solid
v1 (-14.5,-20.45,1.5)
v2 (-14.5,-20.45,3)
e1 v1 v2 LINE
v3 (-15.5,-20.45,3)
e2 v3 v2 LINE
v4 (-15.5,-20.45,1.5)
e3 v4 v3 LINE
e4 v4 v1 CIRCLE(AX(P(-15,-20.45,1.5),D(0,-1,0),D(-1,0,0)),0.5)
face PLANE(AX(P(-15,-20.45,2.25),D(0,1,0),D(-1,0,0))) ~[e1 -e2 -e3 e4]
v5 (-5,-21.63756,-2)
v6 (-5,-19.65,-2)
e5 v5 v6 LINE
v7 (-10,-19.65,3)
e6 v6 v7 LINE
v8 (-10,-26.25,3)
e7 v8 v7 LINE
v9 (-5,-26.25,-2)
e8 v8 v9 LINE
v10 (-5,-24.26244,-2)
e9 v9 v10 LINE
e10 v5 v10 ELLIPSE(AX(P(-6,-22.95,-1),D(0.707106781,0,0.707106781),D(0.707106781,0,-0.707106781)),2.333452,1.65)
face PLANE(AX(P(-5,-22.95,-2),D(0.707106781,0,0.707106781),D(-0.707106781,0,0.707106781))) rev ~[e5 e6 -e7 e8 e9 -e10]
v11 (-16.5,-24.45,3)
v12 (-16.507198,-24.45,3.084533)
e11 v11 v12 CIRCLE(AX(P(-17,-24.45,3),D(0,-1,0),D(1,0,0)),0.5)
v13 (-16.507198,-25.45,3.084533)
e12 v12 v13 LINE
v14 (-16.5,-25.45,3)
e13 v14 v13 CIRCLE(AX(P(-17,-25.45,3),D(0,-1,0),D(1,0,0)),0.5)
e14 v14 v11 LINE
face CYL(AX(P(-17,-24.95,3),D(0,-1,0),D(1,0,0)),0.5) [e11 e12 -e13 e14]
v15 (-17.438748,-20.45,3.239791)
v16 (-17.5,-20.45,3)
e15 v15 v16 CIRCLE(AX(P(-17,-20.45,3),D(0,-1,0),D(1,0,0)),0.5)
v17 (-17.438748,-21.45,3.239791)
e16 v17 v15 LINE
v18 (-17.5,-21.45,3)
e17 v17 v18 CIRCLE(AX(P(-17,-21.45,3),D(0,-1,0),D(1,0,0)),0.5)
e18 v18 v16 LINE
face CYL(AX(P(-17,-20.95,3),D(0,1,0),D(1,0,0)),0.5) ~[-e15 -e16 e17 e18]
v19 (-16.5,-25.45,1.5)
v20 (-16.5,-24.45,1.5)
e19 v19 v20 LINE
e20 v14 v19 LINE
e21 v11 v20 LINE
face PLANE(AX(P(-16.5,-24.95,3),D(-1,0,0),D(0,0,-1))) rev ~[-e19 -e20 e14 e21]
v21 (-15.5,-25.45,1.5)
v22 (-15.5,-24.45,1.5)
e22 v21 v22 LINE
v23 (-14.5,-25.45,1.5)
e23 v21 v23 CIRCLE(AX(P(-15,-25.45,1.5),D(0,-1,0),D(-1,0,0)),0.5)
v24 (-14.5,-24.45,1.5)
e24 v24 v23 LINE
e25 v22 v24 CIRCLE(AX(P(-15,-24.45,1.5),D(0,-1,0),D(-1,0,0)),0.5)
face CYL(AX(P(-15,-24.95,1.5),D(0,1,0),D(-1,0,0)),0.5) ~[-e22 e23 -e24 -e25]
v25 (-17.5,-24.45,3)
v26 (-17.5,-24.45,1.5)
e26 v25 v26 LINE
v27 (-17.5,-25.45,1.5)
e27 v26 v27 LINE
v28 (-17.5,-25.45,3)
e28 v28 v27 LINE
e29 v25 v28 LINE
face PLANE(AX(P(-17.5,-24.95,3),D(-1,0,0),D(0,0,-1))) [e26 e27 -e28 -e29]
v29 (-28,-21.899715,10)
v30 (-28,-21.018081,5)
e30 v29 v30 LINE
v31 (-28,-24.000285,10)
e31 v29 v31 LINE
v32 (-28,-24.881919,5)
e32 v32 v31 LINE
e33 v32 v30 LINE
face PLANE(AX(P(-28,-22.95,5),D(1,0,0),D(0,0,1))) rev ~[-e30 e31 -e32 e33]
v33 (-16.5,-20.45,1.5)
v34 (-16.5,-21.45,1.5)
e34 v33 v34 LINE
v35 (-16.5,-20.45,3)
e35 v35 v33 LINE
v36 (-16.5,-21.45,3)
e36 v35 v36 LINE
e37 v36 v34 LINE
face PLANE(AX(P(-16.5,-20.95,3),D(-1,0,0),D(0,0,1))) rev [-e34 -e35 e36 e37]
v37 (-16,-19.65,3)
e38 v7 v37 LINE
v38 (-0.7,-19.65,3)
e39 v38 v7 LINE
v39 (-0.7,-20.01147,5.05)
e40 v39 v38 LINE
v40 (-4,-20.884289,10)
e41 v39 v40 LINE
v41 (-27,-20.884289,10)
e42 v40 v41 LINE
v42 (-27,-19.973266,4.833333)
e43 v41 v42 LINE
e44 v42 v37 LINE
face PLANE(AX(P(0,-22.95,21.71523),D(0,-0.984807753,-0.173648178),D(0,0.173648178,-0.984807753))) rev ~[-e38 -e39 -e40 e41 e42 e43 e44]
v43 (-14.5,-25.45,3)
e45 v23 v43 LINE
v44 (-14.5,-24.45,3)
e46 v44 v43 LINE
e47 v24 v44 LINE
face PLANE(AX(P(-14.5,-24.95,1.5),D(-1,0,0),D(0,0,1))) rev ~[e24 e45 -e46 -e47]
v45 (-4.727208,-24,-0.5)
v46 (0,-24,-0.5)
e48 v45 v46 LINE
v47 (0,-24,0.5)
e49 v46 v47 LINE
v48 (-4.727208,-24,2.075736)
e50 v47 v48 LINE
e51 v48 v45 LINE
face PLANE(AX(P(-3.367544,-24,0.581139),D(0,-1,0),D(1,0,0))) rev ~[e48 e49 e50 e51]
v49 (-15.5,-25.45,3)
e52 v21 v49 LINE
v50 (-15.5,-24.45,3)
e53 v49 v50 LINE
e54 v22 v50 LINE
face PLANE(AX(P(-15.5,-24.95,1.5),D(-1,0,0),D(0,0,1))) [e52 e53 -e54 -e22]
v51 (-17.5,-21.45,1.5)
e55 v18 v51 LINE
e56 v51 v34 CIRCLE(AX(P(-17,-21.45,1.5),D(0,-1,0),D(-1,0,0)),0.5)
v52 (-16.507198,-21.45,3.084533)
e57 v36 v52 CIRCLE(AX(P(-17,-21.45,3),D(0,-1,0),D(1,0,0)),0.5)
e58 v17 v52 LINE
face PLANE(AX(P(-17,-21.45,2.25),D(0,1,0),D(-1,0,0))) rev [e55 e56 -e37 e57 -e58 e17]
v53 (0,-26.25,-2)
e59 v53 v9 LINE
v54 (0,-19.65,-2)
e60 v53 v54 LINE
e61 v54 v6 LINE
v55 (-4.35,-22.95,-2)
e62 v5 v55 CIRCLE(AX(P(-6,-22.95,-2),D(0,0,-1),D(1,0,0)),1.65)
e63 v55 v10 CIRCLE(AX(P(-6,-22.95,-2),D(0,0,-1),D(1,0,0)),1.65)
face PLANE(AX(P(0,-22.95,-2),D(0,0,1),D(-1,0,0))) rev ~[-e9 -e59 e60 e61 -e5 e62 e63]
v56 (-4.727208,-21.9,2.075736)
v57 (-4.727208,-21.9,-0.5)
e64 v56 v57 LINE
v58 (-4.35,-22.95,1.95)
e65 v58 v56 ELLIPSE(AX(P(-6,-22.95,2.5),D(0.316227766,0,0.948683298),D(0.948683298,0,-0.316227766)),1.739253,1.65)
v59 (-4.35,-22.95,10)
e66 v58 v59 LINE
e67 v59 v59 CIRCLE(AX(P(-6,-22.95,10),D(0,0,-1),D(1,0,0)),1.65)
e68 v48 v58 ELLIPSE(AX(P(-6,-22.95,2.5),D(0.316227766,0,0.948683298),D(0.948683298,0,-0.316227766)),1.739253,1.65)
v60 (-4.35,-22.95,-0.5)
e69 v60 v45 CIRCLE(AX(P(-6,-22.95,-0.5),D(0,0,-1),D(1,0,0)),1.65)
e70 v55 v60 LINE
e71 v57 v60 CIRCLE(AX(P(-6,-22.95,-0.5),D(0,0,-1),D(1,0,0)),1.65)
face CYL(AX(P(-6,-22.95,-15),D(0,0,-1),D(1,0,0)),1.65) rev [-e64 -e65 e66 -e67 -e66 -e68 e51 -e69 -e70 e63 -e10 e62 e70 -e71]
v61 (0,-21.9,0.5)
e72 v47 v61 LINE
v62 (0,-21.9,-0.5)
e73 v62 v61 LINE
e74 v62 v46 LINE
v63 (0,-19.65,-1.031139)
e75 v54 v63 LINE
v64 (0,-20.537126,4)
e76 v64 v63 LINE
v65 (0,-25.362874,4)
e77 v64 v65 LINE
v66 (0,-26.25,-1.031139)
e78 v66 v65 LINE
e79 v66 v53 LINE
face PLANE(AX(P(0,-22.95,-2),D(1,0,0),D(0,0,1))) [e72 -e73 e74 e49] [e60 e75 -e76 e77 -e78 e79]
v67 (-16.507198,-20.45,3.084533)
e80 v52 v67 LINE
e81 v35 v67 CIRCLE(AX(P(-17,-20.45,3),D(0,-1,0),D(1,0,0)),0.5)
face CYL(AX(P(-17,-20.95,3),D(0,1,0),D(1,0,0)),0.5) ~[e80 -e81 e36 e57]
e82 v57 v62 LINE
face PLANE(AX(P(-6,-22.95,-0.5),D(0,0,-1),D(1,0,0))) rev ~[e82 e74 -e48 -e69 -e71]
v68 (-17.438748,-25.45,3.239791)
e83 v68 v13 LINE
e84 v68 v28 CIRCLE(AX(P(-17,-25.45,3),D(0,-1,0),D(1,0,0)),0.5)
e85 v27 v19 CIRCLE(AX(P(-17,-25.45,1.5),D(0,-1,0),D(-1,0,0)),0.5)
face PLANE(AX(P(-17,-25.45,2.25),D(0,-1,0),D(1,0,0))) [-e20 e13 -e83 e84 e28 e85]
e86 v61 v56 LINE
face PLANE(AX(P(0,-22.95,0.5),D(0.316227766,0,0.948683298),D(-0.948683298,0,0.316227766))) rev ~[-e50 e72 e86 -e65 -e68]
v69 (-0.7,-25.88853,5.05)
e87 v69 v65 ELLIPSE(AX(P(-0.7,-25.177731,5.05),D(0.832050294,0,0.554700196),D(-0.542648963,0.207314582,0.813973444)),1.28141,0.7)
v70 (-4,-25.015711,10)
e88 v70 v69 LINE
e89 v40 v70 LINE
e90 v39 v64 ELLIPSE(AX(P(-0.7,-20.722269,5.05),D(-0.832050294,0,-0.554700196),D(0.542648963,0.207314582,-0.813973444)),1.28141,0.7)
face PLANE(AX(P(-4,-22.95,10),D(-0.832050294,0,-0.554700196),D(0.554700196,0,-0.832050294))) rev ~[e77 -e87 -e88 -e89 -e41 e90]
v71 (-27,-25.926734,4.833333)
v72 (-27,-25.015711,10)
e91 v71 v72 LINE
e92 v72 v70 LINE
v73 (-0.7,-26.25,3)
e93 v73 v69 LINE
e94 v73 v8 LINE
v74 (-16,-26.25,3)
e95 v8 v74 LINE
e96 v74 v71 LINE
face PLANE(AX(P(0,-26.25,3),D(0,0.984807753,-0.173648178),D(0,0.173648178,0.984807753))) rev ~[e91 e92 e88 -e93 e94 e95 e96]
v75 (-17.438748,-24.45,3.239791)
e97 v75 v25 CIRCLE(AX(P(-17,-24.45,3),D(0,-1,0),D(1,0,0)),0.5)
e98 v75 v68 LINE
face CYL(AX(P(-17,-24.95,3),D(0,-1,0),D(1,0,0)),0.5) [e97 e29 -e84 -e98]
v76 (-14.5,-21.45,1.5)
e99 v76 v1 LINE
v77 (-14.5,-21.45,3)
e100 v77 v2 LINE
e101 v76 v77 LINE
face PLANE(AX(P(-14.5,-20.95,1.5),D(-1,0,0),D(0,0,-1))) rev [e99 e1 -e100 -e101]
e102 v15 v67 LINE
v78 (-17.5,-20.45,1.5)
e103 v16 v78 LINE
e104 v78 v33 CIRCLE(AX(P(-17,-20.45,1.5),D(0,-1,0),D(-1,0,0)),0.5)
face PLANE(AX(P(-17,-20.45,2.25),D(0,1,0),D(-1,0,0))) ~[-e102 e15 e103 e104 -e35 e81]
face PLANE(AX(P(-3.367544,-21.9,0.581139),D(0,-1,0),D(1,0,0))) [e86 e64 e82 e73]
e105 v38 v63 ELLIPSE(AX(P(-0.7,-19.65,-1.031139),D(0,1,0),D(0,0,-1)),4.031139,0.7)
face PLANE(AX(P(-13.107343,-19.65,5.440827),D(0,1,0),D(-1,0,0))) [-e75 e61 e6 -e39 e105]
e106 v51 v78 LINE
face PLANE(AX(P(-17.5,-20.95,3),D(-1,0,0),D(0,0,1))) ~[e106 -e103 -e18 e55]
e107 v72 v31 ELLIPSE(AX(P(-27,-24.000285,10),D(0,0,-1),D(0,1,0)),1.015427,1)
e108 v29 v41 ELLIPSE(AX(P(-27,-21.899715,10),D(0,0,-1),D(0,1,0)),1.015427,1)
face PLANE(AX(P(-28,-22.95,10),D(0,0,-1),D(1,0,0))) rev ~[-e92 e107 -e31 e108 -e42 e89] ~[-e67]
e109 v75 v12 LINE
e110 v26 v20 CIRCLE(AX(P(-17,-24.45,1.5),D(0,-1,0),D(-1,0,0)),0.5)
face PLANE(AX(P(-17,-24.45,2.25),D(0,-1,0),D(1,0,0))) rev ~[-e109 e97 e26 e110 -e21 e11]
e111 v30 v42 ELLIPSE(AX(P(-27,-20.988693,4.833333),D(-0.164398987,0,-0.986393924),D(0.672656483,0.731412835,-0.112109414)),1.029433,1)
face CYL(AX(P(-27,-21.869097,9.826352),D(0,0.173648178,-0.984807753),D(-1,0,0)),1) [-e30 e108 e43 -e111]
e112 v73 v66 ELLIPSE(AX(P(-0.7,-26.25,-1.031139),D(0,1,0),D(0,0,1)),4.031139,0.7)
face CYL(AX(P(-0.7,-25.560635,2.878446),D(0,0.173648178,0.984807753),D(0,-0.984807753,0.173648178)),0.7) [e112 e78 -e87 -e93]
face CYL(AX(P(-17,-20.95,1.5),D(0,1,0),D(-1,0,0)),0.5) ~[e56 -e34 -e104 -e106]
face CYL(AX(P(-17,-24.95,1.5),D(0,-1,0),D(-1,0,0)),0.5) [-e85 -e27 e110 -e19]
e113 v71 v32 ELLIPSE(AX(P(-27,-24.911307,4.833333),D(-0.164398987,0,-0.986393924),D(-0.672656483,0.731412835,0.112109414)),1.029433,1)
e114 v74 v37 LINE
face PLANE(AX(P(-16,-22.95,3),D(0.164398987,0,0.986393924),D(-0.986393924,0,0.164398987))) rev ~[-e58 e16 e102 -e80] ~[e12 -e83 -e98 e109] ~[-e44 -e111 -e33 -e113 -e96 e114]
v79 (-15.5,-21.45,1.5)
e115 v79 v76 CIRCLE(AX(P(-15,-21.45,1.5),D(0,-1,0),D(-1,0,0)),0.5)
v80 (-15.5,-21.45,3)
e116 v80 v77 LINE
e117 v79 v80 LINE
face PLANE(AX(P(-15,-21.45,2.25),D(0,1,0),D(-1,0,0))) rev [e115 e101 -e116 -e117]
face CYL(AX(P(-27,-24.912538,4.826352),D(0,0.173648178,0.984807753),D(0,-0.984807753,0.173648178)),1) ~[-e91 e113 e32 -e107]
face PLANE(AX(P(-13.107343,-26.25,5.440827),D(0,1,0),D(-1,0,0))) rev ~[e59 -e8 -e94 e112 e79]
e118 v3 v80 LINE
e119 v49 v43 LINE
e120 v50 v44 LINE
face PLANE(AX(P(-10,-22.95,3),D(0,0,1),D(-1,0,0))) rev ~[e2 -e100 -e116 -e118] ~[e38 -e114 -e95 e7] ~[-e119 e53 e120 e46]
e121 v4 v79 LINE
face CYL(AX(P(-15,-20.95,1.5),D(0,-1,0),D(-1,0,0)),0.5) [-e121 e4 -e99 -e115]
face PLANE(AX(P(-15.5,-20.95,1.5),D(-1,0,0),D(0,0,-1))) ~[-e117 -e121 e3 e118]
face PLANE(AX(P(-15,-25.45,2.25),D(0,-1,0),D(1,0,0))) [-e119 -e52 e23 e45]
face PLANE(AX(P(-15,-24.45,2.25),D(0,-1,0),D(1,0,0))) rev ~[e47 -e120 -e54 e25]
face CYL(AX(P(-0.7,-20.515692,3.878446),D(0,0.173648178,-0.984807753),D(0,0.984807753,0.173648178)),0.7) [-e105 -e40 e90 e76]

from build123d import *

# Parameters (mm, degrees)
CYLINDER_R      = 1.65
CYLINDER_DEPTH  = 30
PAD005_DEPTH    = 1.05
PAD001_DEPTH    = 3.3
POCKET004_DEPTH = 28.001
PAD002_DEPTH    = 0.5
FILLET_R        = 0.7
FILLET002_R     = 1


with BuildPart() as black_led_base:
    # Cylinder → Cylinder (join)
    with BuildSketch(Plane(origin=(-6, 0, -15), x_dir=(1, 0, 0), z_dir=(0, 0, 1))):
        Circle(CYLINDER_R)
    extrude(amount=CYLINDER_DEPTH)


with BuildPart() as black_iface_base:
    # Sketch016 → Pad005 (new body, symmetric)
    with BuildSketch(Plane.XZ):
        Polygon((-6, 2.5), (-6, -0.5), (0, -0.5), (0, 0.5), align=None)
    extrude(amount=PAD005_DEPTH, both=True)


with BuildPart() as black_g:
    # Sketch005 → Pad001 (new body, symmetric)
    with BuildSketch(Plane.XZ):
        Polygon((0, 0), (0, -2), (-5, -2), (-10, 3), (-16, 3), (-28, 5), (-28, 10), (-4, 10), (0, 4), align=None)
    extrude(amount=PAD001_DEPTH, both=True)

    # Sketch006 → Pocket004 (cut, through all)
    with BuildSketch(Plane.YZ):
        Polygon((-3.3, 0), (-3.3, 3), (0, 21.71523), (3.3, 3), (3.3, 0), (13, 0), (13, 26), (-13, 26), (-13, 0), align=None)
    extrude(amount=-POCKET004_DEPTH, mode=Mode.SUBTRACT)

    # Sketch008 → Pad002 (join, symmetric)
    with BuildSketch(Plane.XZ.offset(2)):
        with BuildLine():
            ThreePointArc((-15.5, 1.5), (-15, 1), (-14.5, 1.5))
            Line((-14.5, 1.5), (-14.5, 3))
            ThreePointArc((-14.5, 3), (-15, 3.5), (-15.5, 3))
            Line((-15.5, 1.5), (-15.5, 3))
        make_face()
        with BuildLine():
            ThreePointArc((-16.5, 3), (-17, 3.5), (-17.5, 3))
            Line((-17.5, 3), (-17.5, 1.5))
            ThreePointArc((-17.5, 1.5), (-17, 1), (-16.5, 1.5))
            Line((-16.5, 3), (-16.5, 1.5))
        make_face()
    pad002 = extrude(amount=PAD002_DEPTH, both=True)

    # Mirrored001: Pad002 across XZ
    add(pad002.mirror(Plane.XZ))

    # Fillet
    fillet_edges = [black_g.edges().sort_by_distance(p)[0] for p in [
        (0, -3.211837, 3.5),
        (0, 3.211837, 3.5),
    ]]
    fillet(fillet_edges, radius=FILLET_R)

    # Fillet002
    fillet002_edges = [black_g.edges().sort_by_distance(p)[0] for p in [
        (-28, -2.506529, 7.5),
        (-28, 2.506529, 7.5),
    ]]
    fillet(fillet002_edges, radius=FILLET002_R)

    # Boolean001: cut black_led_BASE, black_iface_BASE
    add(black_led_base.part, mode=Mode.SUBTRACT)
    add(black_iface_base.part, mode=Mode.SUBTRACT)


with BuildPart() as black_g_1:
    # Clone011 placement: moved
    add(black_g.part.moved(Location((0, -22.95, 0))))


solid = black_g_1.part
